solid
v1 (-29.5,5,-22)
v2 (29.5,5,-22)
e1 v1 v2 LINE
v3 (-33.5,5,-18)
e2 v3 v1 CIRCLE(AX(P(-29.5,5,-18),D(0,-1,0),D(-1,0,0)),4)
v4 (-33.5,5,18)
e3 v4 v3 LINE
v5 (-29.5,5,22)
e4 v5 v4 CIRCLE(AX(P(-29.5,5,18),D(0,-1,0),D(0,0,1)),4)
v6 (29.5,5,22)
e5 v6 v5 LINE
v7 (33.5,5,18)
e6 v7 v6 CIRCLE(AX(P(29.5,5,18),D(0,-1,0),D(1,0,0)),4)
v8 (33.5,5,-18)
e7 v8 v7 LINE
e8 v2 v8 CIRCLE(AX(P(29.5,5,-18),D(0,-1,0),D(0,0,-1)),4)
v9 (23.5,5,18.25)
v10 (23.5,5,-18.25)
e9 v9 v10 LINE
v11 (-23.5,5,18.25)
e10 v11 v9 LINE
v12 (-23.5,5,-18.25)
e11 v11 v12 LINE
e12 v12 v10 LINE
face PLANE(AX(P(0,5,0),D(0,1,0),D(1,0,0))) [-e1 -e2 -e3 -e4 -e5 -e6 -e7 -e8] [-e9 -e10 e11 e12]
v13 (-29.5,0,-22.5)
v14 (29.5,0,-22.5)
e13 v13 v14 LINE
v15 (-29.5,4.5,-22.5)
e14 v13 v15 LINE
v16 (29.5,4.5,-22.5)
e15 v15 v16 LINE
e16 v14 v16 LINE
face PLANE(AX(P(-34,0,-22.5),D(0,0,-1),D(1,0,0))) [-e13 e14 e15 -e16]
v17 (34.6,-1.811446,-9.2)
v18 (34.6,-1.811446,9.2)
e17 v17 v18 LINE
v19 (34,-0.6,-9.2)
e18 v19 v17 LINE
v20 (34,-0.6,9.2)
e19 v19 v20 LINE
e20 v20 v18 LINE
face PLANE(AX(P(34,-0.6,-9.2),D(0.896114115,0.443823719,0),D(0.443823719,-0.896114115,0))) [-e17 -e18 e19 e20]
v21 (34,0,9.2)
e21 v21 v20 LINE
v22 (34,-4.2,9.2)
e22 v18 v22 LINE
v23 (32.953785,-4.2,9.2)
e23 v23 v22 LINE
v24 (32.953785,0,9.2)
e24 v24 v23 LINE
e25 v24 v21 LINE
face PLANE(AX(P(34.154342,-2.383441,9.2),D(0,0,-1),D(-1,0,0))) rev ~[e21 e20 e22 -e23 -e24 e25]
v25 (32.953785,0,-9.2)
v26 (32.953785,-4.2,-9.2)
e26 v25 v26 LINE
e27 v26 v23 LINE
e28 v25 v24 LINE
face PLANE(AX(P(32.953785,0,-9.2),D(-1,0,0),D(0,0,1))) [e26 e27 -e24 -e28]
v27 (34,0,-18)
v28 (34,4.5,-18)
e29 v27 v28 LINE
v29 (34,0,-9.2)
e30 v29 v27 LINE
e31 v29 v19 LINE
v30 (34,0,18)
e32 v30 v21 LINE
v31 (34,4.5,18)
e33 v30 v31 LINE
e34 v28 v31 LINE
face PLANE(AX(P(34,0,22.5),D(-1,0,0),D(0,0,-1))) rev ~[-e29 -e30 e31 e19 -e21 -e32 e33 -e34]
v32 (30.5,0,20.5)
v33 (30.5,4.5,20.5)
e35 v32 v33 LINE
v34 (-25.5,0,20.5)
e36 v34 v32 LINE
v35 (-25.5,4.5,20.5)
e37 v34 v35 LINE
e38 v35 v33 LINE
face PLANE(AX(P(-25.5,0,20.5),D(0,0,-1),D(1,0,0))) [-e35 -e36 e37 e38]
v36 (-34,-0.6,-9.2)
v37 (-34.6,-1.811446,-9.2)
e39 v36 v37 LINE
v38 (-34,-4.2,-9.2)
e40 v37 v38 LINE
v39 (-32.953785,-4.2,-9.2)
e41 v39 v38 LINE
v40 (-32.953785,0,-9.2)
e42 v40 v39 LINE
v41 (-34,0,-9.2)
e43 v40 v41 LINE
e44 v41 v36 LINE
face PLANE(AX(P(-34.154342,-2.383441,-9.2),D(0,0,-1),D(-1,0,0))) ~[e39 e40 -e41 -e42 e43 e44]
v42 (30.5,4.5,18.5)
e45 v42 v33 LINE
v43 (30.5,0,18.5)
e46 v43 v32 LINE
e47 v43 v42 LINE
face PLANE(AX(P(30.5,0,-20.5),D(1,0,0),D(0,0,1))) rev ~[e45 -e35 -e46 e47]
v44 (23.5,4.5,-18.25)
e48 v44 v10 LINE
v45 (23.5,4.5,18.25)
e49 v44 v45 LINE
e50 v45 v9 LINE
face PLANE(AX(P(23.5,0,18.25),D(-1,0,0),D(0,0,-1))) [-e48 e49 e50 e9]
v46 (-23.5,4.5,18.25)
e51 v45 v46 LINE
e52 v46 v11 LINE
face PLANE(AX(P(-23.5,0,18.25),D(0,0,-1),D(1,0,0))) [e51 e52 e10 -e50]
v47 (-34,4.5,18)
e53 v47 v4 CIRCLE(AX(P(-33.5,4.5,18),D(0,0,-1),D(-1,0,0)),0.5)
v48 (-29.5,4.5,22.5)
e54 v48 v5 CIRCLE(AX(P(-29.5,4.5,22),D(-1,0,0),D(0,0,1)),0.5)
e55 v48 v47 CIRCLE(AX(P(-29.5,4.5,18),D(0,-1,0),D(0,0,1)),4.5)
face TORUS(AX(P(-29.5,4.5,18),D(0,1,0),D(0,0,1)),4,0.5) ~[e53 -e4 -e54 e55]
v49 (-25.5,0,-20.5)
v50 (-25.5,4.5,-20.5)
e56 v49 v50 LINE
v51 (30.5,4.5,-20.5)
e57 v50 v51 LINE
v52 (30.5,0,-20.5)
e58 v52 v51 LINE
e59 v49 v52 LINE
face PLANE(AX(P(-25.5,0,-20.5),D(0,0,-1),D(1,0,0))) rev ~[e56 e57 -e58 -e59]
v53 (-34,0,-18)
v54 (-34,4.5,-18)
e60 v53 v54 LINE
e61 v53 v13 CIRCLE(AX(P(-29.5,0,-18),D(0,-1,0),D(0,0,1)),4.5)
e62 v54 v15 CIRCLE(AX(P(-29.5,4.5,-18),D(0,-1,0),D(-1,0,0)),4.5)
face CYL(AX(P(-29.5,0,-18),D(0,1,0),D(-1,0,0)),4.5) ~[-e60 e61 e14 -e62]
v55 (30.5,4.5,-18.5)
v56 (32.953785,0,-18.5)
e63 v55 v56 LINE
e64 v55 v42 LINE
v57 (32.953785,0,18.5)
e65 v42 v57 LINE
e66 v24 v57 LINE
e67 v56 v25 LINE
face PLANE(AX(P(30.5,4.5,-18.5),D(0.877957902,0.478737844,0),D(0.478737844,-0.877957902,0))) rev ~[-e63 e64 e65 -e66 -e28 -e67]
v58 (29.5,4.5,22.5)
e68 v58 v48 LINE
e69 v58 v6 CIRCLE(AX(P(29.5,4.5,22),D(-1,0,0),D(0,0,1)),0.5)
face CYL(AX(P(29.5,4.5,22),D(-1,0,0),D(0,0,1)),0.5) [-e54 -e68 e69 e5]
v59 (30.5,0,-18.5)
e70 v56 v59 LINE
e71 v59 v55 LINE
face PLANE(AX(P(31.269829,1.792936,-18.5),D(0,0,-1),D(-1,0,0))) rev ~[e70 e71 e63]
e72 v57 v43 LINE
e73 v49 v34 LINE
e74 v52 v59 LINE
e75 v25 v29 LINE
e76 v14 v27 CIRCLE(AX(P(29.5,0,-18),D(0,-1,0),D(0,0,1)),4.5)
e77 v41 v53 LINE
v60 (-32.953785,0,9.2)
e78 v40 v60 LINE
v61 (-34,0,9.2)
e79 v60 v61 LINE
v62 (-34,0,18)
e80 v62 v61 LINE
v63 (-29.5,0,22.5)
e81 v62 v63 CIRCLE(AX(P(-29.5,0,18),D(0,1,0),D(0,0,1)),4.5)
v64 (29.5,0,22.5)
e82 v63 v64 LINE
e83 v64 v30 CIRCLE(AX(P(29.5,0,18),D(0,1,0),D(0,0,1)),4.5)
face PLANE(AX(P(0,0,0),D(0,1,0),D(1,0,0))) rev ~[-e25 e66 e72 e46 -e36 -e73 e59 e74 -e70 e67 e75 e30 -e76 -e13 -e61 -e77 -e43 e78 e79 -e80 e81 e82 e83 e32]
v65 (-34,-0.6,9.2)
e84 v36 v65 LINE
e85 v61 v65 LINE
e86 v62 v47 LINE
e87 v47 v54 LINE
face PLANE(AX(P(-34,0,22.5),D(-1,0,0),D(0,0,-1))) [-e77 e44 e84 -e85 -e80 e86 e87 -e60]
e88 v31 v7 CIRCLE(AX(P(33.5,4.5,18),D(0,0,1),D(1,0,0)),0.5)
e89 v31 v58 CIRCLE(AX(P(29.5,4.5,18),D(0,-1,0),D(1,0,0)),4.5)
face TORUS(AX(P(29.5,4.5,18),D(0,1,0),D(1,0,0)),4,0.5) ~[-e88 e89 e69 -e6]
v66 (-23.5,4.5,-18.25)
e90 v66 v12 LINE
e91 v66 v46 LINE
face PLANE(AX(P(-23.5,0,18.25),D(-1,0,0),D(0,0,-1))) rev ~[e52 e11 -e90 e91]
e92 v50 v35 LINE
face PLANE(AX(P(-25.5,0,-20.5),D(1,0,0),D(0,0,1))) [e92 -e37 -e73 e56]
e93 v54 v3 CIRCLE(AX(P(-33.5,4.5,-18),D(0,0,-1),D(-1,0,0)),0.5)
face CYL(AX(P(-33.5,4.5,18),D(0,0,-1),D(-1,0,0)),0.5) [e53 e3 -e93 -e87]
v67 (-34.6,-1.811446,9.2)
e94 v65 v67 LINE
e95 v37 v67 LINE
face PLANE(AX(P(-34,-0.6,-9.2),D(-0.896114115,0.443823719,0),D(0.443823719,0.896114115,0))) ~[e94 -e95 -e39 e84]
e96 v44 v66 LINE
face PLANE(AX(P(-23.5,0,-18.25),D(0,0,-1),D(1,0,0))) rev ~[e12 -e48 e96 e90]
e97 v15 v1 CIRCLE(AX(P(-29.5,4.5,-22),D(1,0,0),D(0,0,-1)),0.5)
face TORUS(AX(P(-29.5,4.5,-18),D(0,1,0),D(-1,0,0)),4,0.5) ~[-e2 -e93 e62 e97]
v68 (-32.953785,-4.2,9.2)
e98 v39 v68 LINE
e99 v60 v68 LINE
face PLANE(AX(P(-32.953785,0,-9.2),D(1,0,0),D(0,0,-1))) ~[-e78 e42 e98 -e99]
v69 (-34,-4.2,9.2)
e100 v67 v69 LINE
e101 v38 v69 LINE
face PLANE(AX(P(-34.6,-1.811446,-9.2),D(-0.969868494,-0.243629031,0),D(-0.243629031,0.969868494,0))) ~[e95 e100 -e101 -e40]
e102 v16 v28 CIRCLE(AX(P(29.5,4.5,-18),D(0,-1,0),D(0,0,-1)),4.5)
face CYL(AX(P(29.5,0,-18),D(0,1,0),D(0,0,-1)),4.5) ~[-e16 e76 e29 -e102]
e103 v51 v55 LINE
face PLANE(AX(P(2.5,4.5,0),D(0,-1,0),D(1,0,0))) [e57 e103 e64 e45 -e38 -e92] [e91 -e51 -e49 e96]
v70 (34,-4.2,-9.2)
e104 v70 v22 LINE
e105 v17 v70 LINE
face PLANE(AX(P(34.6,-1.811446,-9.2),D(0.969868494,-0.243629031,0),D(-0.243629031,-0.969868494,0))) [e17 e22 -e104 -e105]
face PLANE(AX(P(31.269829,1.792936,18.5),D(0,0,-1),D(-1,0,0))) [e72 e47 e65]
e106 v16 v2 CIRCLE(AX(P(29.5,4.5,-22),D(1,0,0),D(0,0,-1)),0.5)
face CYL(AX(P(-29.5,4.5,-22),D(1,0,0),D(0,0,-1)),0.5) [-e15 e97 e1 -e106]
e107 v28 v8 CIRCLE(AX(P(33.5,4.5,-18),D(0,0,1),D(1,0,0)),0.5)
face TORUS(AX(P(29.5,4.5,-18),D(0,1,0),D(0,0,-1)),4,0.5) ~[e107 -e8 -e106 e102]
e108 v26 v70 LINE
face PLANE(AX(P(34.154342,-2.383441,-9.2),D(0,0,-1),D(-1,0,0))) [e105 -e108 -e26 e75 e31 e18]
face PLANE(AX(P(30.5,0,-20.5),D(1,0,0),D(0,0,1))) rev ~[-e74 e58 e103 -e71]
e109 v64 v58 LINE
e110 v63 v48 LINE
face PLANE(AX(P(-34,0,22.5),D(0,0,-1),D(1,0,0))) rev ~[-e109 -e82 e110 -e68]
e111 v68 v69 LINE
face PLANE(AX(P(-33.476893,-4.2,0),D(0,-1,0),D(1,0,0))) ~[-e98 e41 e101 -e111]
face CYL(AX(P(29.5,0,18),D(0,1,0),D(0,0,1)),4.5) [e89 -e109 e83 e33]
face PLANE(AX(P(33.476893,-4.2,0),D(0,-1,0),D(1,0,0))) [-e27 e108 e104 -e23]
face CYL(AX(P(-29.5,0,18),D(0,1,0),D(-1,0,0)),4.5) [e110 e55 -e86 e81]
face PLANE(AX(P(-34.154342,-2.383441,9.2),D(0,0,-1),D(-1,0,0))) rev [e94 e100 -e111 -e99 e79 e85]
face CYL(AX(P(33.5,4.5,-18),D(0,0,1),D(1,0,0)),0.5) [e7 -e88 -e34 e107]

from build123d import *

# Parameters (mm, degrees)
SKETCH1_W               = 68
SKETCH1_H               = 45
SKETCH1_W_2             = 47
SKETCH1_H_2             = 36.5
BOSS_EXTRUDE1_DEPTH     = 5
SKETCH2_W               = 56
SKETCH2_H               = 41
CUT_EXTRUDE1_DEPTH      = 4.5
CUT_EXTRUDE2_DEPTH      = 18.5
CUT_EXTRUDE2_DEPTH_BACK = 18.5
FILLET1_R               = 4.5
FILLET2_R               = 0.5
SKETCH4_W               = 1.046214581
SKETCH4_H               = 18.4
BOSS_EXTRUDE2_DEPTH     = 4.2
BOSS_EXTRUDE3_DEPTH     = 18.4


with BuildPart() as part:
    # Sketch1 → Boss-Extrude1 (new body)
    with BuildSketch(Plane(origin=(0, 0, 0), x_dir=(1, 0, 0), z_dir=(0, 1, 0))):
        Rectangle(SKETCH1_W, SKETCH1_H)
        Rectangle(SKETCH1_W_2, SKETCH1_H_2, mode=Mode.SUBTRACT)
    extrude(amount=BOSS_EXTRUDE1_DEPTH)

    # Sketch2 → Cut-Extrude1 (cut)
    with BuildSketch(Plane.XZ):
        with Locations((2.5, 0)):
            Rectangle(SKETCH2_W, SKETCH2_H)
    extrude(amount=-CUT_EXTRUDE1_DEPTH, mode=Mode.SUBTRACT)

    # Sketch3 → Cut-Extrude2 (cut, two sides: drawn at the far end of the back side and taken through both)
    with BuildSketch(Plane.XY.offset(-CUT_EXTRUDE2_DEPTH_BACK)):
        Polygon((30.5, 4.5), (32.953785419, 0), (30.5, 0), align=None)
    extrude(amount=CUT_EXTRUDE2_DEPTH + CUT_EXTRUDE2_DEPTH_BACK, mode=Mode.SUBTRACT)

    # Fillet1
    fillet1_edges = [part.edges().sort_by_distance(p)[0] for p in [
        (-34, 2.5, -22.5),
        (34, 2.5, -22.5),
        (34, 2.5, 22.5),
        (-34, 2.5, 22.5),
    ]]
    fillet(fillet1_edges, radius=FILLET1_R)

    # Fillet2
    fillet2_edges = [part.edges().sort_by_distance(p)[0] for p in [
        (-34, 5, 0),
        (0, 5, -22.5),
        (0, 5, 22.5),
        (34, 5, 0),
        (32.681980515, 5, 21.181980515),
        (32.681980515, 5, -21.181980515),
        (-32.681980515, 5, 21.181980515),
        (-32.681980515, 5, -21.181980515),
    ]]
    fillet(fillet2_edges, radius=FILLET2_R)

    # Sketch4 → Boss-Extrude2 (add)
    with BuildSketch(Plane.XZ):
        with Locations((33.476892709, 0)):
            Rectangle(SKETCH4_W, SKETCH4_H)
    boss_extrude2 = extrude(amount=BOSS_EXTRUDE2_DEPTH)

    # Sketch5 → Boss-Extrude3 (add)
    with BuildSketch(Plane(origin=(0, 0, -9.2), x_dir=(-1, 0, 0), z_dir=(0, 0, -1))):
        Polygon((-34, -0.6), (-34.6, -1.811446), (-34, -4.2), align=None)
    boss_extrude3 = extrude(amount=-BOSS_EXTRUDE3_DEPTH)

    # Mirror1: Boss-Extrude2, Boss-Extrude3 across plane
    add(boss_extrude2.mirror(Plane(origin=(0, 0, 0), x_dir=(0, 0, 1), z_dir=(1, 0, 0))))
    add(boss_extrude3.mirror(Plane(origin=(0, 0, 0), x_dir=(0, 0, 1), z_dir=(1, 0, 0))))


solid = part.part
